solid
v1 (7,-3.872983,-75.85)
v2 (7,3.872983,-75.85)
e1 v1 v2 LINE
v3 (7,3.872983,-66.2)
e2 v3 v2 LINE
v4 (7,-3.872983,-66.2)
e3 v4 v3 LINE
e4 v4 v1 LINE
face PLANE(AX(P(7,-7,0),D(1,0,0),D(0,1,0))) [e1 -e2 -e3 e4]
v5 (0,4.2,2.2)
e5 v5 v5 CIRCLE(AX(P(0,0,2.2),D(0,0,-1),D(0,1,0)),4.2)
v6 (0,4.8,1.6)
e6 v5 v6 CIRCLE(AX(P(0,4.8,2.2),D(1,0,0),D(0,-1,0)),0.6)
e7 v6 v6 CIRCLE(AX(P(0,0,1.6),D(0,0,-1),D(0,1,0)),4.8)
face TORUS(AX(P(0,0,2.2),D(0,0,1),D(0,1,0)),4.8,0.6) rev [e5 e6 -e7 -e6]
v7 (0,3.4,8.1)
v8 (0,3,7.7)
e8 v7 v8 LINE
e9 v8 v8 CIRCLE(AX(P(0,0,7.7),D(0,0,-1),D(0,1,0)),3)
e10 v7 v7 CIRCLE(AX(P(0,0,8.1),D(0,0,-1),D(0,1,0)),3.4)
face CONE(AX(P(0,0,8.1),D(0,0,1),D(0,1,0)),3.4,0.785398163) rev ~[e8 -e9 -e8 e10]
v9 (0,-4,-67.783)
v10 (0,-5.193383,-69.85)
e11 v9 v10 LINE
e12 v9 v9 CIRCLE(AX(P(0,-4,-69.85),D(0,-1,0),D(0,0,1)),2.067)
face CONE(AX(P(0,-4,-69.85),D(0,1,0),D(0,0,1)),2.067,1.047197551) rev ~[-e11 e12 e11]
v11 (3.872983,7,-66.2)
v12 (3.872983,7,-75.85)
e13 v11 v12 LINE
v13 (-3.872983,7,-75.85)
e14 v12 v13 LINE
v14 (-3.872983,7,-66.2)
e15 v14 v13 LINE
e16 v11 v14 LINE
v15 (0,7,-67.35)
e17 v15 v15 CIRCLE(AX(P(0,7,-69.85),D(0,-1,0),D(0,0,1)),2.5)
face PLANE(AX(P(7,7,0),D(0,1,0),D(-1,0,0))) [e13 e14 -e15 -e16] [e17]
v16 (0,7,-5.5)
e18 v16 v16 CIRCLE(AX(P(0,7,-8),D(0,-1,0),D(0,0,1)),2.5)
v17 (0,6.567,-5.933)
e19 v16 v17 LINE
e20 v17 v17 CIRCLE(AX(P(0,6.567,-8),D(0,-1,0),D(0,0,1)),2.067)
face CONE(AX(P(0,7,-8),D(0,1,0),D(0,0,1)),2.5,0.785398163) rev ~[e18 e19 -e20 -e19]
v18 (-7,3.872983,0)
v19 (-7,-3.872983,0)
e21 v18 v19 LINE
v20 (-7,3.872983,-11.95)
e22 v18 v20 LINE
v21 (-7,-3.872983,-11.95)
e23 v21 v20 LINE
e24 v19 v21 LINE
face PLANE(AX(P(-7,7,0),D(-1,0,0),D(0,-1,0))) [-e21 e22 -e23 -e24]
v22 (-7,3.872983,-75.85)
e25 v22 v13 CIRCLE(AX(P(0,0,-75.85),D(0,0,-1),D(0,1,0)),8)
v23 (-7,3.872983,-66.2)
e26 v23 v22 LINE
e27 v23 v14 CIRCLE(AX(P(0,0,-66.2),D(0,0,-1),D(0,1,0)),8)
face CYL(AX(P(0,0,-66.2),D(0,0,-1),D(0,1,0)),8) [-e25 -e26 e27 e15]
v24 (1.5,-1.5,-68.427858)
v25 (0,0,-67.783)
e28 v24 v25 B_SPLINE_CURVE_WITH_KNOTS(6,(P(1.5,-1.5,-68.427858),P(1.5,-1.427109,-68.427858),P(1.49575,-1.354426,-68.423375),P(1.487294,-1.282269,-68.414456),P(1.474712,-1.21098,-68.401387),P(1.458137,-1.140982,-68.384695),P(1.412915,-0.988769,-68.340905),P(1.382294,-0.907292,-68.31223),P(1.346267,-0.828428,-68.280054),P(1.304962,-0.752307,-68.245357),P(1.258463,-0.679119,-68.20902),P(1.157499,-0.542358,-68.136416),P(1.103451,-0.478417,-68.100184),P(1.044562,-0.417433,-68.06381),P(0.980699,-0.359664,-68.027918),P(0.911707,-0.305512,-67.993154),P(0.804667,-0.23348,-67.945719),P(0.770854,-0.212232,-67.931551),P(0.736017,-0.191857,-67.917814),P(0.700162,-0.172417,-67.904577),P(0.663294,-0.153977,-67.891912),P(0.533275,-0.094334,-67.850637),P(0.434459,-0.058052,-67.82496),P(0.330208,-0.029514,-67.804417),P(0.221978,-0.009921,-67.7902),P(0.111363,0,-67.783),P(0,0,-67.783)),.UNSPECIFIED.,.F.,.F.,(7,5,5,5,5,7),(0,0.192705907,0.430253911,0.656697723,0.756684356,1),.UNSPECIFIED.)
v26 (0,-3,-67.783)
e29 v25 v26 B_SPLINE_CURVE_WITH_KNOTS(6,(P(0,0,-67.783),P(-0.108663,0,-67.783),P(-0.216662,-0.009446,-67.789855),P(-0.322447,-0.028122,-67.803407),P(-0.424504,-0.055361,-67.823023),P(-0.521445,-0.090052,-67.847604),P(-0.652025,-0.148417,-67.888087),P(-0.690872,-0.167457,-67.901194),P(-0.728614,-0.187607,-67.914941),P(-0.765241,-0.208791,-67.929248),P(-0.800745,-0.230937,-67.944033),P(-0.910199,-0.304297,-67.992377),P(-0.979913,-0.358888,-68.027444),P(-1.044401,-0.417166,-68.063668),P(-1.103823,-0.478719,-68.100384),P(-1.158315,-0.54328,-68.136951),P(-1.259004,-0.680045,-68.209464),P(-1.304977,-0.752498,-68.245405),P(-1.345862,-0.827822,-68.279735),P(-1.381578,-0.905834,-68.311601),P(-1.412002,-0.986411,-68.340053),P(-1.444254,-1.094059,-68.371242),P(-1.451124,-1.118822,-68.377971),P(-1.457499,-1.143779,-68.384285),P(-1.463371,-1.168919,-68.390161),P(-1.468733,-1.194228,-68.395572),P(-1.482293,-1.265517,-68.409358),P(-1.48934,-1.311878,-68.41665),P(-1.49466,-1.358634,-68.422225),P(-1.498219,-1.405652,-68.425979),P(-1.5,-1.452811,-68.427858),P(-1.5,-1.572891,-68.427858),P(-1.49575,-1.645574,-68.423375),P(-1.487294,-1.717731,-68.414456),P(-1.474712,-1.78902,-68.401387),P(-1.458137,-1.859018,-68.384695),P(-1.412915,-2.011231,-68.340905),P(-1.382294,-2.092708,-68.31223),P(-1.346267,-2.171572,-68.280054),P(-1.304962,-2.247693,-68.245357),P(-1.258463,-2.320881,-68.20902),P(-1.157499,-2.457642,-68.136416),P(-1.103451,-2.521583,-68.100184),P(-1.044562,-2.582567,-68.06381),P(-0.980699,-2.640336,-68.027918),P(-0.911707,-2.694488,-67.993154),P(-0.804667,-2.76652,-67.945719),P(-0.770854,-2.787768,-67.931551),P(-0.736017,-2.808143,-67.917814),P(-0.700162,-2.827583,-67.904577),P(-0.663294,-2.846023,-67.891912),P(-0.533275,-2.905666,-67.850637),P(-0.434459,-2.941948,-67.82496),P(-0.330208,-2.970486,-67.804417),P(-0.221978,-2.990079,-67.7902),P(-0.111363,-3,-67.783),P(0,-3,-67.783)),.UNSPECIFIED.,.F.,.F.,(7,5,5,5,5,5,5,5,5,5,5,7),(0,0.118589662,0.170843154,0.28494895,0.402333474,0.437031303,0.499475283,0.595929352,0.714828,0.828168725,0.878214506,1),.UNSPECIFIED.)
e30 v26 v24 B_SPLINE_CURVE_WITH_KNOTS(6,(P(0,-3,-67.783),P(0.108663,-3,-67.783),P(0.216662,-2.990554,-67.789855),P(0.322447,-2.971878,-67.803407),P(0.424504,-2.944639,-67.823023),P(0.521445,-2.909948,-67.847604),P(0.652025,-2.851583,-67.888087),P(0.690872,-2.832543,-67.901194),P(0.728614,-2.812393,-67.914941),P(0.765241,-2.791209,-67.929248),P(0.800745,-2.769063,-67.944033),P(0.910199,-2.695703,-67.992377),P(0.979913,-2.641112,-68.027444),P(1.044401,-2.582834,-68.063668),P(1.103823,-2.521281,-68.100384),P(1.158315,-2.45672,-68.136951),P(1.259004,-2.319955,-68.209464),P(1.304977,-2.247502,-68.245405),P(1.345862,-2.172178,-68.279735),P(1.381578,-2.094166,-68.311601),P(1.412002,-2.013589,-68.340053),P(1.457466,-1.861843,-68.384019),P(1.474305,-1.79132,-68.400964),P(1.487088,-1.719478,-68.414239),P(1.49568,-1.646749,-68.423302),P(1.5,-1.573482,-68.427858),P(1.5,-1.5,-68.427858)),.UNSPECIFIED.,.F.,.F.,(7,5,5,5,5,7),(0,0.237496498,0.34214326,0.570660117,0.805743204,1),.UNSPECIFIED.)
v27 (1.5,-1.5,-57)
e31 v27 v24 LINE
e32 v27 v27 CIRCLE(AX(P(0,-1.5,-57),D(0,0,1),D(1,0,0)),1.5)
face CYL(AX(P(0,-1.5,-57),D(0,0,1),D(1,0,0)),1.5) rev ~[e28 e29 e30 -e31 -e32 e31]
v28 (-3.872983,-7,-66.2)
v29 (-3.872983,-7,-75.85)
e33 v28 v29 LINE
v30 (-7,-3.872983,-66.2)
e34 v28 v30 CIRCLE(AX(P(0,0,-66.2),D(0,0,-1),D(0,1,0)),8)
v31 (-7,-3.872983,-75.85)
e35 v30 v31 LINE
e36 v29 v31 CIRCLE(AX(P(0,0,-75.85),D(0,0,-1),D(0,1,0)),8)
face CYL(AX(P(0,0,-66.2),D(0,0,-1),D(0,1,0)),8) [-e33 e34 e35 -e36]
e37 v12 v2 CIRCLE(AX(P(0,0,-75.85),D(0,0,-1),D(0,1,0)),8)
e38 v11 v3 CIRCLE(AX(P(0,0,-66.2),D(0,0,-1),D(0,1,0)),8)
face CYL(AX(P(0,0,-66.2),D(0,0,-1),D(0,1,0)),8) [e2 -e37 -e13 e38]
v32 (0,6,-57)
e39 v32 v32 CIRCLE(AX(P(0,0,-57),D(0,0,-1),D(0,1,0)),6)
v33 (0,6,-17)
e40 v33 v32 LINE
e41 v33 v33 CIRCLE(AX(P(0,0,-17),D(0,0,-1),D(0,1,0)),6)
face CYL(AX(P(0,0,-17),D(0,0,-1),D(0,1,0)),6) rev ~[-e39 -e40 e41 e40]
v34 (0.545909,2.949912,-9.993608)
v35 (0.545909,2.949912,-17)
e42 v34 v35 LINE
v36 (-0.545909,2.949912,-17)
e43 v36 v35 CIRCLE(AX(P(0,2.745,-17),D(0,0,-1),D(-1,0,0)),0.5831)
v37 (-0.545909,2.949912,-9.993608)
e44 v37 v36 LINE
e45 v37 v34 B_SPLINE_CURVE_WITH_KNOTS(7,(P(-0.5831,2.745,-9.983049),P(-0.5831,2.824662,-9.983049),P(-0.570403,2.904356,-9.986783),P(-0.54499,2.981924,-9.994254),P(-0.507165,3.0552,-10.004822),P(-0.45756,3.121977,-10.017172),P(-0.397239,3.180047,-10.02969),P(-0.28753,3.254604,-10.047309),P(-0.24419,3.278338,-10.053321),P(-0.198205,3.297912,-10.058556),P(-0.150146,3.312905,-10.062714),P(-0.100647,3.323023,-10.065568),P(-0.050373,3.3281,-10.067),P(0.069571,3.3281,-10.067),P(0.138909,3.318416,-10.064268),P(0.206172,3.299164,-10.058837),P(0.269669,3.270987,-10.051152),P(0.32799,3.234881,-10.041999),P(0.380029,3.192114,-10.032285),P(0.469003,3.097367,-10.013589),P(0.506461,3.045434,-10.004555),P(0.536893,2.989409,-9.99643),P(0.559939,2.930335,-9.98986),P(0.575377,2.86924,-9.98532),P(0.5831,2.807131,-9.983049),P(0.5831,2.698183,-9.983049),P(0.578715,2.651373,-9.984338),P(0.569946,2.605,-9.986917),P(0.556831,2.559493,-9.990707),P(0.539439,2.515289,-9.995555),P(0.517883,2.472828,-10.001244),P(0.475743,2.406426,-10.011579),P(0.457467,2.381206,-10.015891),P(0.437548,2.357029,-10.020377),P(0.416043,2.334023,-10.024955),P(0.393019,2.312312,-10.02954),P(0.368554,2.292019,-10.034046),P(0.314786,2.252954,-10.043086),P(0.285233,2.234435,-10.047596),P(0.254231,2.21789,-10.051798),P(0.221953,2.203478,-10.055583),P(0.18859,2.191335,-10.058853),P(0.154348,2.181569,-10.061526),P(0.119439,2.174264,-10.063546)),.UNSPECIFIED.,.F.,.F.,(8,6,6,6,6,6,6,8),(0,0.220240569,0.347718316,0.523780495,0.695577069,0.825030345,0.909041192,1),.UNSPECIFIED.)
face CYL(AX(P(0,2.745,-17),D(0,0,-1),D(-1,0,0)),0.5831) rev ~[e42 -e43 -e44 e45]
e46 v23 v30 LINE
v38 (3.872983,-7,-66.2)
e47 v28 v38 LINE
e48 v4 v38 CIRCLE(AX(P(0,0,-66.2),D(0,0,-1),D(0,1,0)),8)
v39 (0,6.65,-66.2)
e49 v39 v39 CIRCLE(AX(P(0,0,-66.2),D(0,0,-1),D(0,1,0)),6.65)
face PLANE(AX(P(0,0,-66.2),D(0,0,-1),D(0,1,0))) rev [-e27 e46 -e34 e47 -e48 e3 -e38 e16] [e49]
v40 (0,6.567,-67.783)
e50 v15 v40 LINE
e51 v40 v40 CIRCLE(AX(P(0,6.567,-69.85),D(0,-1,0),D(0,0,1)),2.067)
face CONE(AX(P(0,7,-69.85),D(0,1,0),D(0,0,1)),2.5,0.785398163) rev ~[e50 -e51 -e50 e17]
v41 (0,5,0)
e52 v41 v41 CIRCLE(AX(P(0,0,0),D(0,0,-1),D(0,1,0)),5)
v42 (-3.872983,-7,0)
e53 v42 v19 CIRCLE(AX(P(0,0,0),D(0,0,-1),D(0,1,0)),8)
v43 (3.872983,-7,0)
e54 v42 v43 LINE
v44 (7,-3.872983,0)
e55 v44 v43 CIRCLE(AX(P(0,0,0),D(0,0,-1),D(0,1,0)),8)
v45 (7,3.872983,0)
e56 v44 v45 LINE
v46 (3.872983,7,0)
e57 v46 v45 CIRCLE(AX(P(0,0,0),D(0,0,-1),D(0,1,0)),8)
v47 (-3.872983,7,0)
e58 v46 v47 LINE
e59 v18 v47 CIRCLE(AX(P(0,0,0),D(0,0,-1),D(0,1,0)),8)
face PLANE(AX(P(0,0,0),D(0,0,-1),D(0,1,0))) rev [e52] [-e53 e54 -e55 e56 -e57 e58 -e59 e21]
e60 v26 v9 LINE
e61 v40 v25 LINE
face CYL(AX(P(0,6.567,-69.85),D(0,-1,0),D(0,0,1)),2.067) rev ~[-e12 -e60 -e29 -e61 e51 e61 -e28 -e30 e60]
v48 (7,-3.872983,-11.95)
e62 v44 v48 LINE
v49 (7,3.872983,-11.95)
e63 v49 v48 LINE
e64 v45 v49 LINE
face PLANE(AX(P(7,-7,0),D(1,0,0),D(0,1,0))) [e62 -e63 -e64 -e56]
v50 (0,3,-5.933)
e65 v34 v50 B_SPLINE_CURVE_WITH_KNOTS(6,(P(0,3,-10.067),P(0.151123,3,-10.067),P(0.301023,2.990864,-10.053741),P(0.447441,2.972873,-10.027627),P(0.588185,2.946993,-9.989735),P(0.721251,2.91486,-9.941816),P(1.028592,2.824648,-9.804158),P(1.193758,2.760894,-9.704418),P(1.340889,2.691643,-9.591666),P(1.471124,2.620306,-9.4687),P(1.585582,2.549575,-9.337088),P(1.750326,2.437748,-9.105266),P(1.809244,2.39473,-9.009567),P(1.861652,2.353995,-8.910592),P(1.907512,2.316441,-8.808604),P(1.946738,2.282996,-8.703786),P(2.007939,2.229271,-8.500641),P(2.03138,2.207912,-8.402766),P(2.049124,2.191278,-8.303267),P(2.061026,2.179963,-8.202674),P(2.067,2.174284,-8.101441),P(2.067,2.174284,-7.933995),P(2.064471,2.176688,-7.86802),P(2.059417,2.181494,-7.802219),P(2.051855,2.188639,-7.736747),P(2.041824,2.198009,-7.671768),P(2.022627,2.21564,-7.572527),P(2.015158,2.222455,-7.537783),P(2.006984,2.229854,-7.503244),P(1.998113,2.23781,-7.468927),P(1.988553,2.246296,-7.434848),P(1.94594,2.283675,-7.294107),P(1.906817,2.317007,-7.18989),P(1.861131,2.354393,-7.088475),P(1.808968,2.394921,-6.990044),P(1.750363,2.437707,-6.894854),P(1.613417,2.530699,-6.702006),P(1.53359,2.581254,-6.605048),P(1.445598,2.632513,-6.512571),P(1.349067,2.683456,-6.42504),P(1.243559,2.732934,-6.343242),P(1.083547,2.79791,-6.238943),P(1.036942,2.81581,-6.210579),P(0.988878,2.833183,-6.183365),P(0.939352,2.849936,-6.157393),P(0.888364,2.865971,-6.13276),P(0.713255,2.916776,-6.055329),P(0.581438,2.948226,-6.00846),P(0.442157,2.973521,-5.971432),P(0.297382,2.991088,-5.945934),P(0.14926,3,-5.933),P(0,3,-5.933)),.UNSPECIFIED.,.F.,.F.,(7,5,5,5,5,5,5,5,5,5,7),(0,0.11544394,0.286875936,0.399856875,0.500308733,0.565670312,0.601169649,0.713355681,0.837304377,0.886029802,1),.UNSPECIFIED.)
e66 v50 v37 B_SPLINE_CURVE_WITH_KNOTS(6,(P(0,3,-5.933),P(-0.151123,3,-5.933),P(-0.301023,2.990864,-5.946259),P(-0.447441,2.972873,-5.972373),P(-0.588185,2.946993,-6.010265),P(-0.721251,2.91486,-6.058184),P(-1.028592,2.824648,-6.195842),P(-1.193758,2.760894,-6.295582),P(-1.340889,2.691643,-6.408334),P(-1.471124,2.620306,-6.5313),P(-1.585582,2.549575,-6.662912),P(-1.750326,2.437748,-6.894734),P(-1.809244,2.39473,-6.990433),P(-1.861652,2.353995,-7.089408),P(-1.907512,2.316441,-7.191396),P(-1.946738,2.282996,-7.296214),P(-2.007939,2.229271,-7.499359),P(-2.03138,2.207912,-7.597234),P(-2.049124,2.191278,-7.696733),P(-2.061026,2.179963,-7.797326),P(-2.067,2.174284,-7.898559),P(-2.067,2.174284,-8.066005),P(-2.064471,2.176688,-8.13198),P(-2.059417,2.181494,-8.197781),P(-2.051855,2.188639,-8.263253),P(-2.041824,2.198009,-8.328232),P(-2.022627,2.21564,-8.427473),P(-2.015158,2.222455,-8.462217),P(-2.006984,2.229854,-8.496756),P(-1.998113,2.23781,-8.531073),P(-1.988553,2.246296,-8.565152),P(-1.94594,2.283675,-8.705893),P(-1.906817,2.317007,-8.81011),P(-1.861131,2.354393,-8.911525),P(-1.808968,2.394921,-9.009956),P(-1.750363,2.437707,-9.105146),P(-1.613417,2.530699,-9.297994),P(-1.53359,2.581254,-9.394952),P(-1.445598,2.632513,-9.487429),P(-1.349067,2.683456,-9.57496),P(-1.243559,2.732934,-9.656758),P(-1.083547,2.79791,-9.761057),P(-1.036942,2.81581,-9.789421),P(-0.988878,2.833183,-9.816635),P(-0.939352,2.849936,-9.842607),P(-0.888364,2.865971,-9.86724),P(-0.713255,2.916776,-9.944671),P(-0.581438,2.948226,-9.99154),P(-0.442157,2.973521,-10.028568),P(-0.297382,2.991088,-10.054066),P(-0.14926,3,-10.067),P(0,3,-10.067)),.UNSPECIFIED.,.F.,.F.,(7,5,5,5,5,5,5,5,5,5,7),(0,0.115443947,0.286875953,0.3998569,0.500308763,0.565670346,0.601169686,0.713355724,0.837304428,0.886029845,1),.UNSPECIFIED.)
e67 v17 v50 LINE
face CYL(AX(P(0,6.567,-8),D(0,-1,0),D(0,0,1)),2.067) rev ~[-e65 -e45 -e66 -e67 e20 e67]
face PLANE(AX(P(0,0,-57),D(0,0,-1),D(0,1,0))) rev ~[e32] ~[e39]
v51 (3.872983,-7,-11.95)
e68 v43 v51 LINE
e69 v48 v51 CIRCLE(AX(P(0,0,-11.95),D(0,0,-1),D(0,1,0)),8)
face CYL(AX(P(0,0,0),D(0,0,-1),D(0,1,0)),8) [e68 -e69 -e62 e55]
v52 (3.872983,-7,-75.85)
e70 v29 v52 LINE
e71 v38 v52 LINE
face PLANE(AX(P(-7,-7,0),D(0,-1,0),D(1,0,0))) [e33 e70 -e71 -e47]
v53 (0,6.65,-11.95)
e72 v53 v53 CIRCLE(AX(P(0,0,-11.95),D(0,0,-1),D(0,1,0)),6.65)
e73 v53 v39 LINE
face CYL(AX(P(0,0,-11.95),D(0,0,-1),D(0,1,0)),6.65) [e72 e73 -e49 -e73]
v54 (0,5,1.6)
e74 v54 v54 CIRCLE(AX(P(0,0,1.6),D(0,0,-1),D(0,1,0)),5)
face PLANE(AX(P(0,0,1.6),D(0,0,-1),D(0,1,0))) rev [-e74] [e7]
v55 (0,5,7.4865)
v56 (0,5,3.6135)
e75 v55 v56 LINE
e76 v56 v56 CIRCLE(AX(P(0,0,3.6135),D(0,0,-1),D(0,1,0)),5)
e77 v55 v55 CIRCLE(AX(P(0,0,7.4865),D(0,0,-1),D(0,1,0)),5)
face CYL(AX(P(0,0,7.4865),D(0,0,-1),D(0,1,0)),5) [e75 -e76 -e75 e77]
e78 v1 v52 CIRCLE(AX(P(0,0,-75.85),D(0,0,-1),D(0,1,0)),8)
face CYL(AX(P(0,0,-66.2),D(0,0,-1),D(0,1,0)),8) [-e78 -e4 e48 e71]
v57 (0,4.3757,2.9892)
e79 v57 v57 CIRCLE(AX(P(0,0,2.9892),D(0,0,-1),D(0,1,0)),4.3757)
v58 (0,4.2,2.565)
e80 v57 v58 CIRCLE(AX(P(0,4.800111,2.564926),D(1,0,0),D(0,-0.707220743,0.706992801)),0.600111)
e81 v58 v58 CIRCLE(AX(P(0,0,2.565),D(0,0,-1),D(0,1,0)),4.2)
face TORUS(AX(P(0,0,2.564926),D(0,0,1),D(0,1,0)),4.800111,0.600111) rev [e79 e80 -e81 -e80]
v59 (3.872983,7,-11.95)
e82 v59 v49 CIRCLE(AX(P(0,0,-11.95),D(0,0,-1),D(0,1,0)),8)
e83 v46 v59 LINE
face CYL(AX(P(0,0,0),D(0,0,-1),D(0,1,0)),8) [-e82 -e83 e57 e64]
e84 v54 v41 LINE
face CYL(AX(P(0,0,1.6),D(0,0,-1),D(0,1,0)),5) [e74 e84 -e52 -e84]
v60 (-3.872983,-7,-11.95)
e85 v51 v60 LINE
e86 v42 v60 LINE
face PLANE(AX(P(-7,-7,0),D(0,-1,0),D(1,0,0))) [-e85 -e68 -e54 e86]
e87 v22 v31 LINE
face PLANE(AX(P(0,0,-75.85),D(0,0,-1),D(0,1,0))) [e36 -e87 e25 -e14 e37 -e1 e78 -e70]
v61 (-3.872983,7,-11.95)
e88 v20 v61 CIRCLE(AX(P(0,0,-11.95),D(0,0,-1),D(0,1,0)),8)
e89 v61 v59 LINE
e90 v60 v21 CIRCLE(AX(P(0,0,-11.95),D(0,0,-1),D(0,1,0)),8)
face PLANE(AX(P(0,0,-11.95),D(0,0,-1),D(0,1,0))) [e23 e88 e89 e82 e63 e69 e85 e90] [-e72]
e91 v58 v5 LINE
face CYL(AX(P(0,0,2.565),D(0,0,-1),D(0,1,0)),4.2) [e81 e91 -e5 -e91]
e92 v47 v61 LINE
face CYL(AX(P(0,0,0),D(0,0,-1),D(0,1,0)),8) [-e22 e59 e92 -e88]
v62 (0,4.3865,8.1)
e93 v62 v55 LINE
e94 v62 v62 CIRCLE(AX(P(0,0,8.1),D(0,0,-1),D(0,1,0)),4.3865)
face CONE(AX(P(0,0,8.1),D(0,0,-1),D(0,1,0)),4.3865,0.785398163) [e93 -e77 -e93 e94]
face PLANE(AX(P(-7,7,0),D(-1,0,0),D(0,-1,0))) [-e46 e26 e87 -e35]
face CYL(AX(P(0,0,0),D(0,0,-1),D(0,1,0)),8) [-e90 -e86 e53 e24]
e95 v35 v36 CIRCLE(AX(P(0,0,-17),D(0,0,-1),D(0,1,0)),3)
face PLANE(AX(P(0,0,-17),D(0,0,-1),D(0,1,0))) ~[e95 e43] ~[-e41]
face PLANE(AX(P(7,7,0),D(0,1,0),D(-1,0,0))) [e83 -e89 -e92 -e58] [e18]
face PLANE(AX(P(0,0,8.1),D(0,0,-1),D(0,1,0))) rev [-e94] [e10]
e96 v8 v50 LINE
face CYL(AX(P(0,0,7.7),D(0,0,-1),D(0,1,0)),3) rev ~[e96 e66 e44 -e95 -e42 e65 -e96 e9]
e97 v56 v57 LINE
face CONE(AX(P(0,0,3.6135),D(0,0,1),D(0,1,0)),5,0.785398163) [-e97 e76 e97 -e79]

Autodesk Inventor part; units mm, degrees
sketch "Sketch_12" plane through (0, 0, 0) normal (1, 0, 0) x (0, 1, 0)
  line L0 (0, -75.85) -> (0, 0)
  line L1 (0, 0) -> (8, 0)
  line L2 (8, 0) -> (8, -11.95)
  line L3 (8, -11.95) -> (6.65, -11.95)
  line L4 (6.65, -11.95) -> (6.65, -66.2)
  line L5 (6.65, -66.2) -> (8, -66.2)
  line L6 (8, -66.2) -> (8, -75.85)
  line L7 (8, -75.85) -> (0, -75.85)
  line L8 (0, -75.85) -> (0, 0)
revolve "Revolution1" add sketch "Sketch_12" angle 360 about axis through (0, 0, -75.85) along (0, 0, -1)
sketch "Sketch_3" plane through (0, 0, 0) normal (1, 0, 0) x (0, 1, 0)
  line L0 (0, 0) -> (0, 8.1)
  line L1 (0, 8.1) -> (4.3865, 8.1)
  line L2 (4.3865, 8.1) -> (5, 7.4865)
  line L3 (5, 7.4865) -> (5, 3.6135)
  line L4 (5, 3.6135) -> (4.3757, 2.9892)
  arc A0 (4.3757, 2.9892) -> (4.2, 2.565) centre (4.8, 2.565) ccw
  line L5 (4.2, 2.565) -> (4.2, 2.2)
  arc A1 (4.2, 2.2) -> (4.8, 1.6) centre (4.8, 2.2) ccw
  line L6 (4.8, 1.6) -> (5, 1.6)
  line L7 (5, 1.6) -> (5, 0)
  line L8 (5, 0) -> (0, 0)
  line L9 (0, 0) -> (0, 8.1)
revolve "Revolution2" add sketch "Sketch_3" angle 360 about axis through (0, 0, 0) along (0, 0, -1)
thread "Thread1" size "M10x1" class "6g" standard "ISO Metric profile" full length
sketch "Sketch_7" plane through (0, 0, 0) normal (0, 0, 1) x (1, 0, 0)
  line L0 (-14, 14) -> (-14, -14)
  line L1 (-14, -14) -> (14, -14)
  line L2 (14, -14) -> (14, 14)
  line L3 (14, 14) -> (-14, 14)
  line L4 (-7, 7) -> (-7, -7)
  line L5 (-7, -7) -> (7, -7)
  line L6 (7, -7) -> (7, 7)
  line L7 (7, 7) -> (-7, 7)
extrude "Extrusion1" cut sketch "Sketch_7" against normal blind 75.85
sketch "Sketch4" plane through (-3.873, 7, -11.95) normal (0, 1, 0) x (1, 0, 0)
  point P0 (3.873, -3.95)
hole "Hole1" at (0, 7, -8) direction (0, -1, 0) diameter 4.134 depth 7 countersink diameter 5 countersink angle 90 thread size "M5x0.8" class "6H" standard "ISO Metric profile"
sketch "Sketch5" plane through (-3.873, 7, -66.2) normal (0, 1, 0) x (1, 0, 0)
  point P0 (3.873, 3.65)
hole "Hole2" at (0, 7, -69.85) direction (0, -1, 0) diameter 4.134 depth 11 tip angle 120 countersink diameter 5 countersink angle 90 thread size "M5x0.8" class "6H" standard "ISO Metric profile"
sketch "Sketch_10" plane through (0, 0, 0) normal (1, 0, 0) x (0, 1, 0)
  line L0 (0, -57) -> (0, 8.1)
  line L1 (0, 8.1) -> (3.4, 8.1)
  line L2 (3.4, 8.1) -> (3, 7.7)
  line L3 (3, 7.7) -> (3, -17)
  line L4 (3, -17) -> (6, -17)
  line L5 (6, -17) -> (6, -57)
  line L6 (6, -57) -> (0, -57)
  line L7 (0, -57) -> (0, 8.1)
revolve "Revolution3" cut sketch "Sketch_10" angle 360 about axis through (0, 0, -57) along (0, 0, -1)
ref_plane "ANBAU_XY" through (0, 0, 0) normal (0, 0, 1) x (1, 0, 0)
ref_plane "ANBAU_YZ" through (0, 0, 0) normal (1, 0, 0) x (0, 1, 0)
ref_plane "ANBAU_ZX" through (0, 0, 0) normal (0, 1, 0) x (0, 0, 1)
ref_plane "FDT_FRONT_XY" through (0, 0, 0) normal (0, 0, -1) x (-1, 0, 0)
ref_plane "FDT_FRONT_YZ" through (0, 0, 0) normal (-1, 0, 0) x (0, 1, 0)
ref_plane "FDT_FRONT_ZX" through (0, 0, 0) normal (0, 1, 0) x (0, 0, -1)
ref_plane "FDT_QSFRONT_XY" through (0, 7, -8) normal (0, 1, 0) x (1, 0, 0)
ref_plane "FDT_QSFRONT_YZ" through (0, 7, -8) normal (1, 0, 0) x (0, 0, -1)
ref_plane "FDT_QSFRONT_ZX" through (0, 7, -8) normal (0, 0, -1) x (0, 1, 0)
ref_plane "FDT_QSREAR_XY" through (0, 7, -69.85) normal (0, 1, 0) x (1, 0, 0)
ref_plane "FDT_QSREAR_YZ" through (0, 7, -69.85) normal (1, 0, 0) x (0, 0, -1)
ref_plane "FDT_QSREAR_ZX" through (0, 7, -69.85) normal (0, 0, -1) x (0, 1, 0)
ref_plane "FDT_REAR_XY" through (0, 0, -75.85) normal (0, 0, 1) x (-1, 0, 0)
ref_plane "FDT_REAR_YZ" through (0, 0, -75.85) normal (-1, 0, 0) x (0, -1, 0)
ref_plane "FDT_REAR_ZX" through (0, 0, -75.85) normal (0, -1, 0) x (0, 0, 1)
ref_plane "FDT_SMBR1_XY" through (0, 0, -21.45) normal (0, 0, 1) x (1, 0, 0)
ref_plane "FDT_SMBR1_YZ" through (0, 0, -21.45) normal (1, 0, 0) x (0, 1, 0)
ref_plane "FDT_SMBR1_ZX" through (0, 0, -21.45) normal (0, 1, 0) x (0, 0, 1)
ref_plane "FDT_SMBR2_XY" through (0, 0, -56.7) normal (0, 0, 1) x (1, 0, 0)
ref_plane "FDT_SMBR2_YZ" through (0, 0, -56.7) normal (1, 0, 0) x (0, 1, 0)
ref_plane "FDT_SMBR2_ZX" through (0, 0, -56.7) normal (0, 1, 0) x (0, 0, 1)
ref_plane "to_nut_XY" through (0, 0, 3.6) normal (0, 0, 1) x (1, 0, 0)
ref_plane "to_nut_YZ" through (0, 0, 3.6) normal (1, 0, 0) x (0, 1, 0)
ref_plane "to_nut_ZX" through (0, 0, 3.6) normal (0, 1, 0) x (0, 0, 1)
ref_plane "to_piston_XY" through (0, 0, -57) normal (0, 0, 1) x (1, 0, 0)
ref_plane "to_piston_YZ" through (0, 0, -57) normal (1, 0, 0) x (0, 1, 0)
ref_plane "to_piston_ZX" through (0, 0, -57) normal (0, 1, 0) x (0, 0, 1)
sketch "Szkic7" plane through (0, 0, -17) normal (0, 0, -1) x (-1, 0, 0)
  circle A0 centre (0, 2.745) radius 0.5831
  point P0 (0, 0)
extrude "Wyciągnięcie proste2" cut sketch "Szkic7" against normal blind 9.5
sketch "Szkic8" plane through (0, 0, -57) normal (0, 0, 1) x (1, 0, 0)
  circle A0 centre (0, -1.5) radius 1.5
  point P0 (0, 0)
extrude "Wyciągnięcie proste3" cut sketch "Szkic8" against normal blind 12.5
properties part number "Korpus"
